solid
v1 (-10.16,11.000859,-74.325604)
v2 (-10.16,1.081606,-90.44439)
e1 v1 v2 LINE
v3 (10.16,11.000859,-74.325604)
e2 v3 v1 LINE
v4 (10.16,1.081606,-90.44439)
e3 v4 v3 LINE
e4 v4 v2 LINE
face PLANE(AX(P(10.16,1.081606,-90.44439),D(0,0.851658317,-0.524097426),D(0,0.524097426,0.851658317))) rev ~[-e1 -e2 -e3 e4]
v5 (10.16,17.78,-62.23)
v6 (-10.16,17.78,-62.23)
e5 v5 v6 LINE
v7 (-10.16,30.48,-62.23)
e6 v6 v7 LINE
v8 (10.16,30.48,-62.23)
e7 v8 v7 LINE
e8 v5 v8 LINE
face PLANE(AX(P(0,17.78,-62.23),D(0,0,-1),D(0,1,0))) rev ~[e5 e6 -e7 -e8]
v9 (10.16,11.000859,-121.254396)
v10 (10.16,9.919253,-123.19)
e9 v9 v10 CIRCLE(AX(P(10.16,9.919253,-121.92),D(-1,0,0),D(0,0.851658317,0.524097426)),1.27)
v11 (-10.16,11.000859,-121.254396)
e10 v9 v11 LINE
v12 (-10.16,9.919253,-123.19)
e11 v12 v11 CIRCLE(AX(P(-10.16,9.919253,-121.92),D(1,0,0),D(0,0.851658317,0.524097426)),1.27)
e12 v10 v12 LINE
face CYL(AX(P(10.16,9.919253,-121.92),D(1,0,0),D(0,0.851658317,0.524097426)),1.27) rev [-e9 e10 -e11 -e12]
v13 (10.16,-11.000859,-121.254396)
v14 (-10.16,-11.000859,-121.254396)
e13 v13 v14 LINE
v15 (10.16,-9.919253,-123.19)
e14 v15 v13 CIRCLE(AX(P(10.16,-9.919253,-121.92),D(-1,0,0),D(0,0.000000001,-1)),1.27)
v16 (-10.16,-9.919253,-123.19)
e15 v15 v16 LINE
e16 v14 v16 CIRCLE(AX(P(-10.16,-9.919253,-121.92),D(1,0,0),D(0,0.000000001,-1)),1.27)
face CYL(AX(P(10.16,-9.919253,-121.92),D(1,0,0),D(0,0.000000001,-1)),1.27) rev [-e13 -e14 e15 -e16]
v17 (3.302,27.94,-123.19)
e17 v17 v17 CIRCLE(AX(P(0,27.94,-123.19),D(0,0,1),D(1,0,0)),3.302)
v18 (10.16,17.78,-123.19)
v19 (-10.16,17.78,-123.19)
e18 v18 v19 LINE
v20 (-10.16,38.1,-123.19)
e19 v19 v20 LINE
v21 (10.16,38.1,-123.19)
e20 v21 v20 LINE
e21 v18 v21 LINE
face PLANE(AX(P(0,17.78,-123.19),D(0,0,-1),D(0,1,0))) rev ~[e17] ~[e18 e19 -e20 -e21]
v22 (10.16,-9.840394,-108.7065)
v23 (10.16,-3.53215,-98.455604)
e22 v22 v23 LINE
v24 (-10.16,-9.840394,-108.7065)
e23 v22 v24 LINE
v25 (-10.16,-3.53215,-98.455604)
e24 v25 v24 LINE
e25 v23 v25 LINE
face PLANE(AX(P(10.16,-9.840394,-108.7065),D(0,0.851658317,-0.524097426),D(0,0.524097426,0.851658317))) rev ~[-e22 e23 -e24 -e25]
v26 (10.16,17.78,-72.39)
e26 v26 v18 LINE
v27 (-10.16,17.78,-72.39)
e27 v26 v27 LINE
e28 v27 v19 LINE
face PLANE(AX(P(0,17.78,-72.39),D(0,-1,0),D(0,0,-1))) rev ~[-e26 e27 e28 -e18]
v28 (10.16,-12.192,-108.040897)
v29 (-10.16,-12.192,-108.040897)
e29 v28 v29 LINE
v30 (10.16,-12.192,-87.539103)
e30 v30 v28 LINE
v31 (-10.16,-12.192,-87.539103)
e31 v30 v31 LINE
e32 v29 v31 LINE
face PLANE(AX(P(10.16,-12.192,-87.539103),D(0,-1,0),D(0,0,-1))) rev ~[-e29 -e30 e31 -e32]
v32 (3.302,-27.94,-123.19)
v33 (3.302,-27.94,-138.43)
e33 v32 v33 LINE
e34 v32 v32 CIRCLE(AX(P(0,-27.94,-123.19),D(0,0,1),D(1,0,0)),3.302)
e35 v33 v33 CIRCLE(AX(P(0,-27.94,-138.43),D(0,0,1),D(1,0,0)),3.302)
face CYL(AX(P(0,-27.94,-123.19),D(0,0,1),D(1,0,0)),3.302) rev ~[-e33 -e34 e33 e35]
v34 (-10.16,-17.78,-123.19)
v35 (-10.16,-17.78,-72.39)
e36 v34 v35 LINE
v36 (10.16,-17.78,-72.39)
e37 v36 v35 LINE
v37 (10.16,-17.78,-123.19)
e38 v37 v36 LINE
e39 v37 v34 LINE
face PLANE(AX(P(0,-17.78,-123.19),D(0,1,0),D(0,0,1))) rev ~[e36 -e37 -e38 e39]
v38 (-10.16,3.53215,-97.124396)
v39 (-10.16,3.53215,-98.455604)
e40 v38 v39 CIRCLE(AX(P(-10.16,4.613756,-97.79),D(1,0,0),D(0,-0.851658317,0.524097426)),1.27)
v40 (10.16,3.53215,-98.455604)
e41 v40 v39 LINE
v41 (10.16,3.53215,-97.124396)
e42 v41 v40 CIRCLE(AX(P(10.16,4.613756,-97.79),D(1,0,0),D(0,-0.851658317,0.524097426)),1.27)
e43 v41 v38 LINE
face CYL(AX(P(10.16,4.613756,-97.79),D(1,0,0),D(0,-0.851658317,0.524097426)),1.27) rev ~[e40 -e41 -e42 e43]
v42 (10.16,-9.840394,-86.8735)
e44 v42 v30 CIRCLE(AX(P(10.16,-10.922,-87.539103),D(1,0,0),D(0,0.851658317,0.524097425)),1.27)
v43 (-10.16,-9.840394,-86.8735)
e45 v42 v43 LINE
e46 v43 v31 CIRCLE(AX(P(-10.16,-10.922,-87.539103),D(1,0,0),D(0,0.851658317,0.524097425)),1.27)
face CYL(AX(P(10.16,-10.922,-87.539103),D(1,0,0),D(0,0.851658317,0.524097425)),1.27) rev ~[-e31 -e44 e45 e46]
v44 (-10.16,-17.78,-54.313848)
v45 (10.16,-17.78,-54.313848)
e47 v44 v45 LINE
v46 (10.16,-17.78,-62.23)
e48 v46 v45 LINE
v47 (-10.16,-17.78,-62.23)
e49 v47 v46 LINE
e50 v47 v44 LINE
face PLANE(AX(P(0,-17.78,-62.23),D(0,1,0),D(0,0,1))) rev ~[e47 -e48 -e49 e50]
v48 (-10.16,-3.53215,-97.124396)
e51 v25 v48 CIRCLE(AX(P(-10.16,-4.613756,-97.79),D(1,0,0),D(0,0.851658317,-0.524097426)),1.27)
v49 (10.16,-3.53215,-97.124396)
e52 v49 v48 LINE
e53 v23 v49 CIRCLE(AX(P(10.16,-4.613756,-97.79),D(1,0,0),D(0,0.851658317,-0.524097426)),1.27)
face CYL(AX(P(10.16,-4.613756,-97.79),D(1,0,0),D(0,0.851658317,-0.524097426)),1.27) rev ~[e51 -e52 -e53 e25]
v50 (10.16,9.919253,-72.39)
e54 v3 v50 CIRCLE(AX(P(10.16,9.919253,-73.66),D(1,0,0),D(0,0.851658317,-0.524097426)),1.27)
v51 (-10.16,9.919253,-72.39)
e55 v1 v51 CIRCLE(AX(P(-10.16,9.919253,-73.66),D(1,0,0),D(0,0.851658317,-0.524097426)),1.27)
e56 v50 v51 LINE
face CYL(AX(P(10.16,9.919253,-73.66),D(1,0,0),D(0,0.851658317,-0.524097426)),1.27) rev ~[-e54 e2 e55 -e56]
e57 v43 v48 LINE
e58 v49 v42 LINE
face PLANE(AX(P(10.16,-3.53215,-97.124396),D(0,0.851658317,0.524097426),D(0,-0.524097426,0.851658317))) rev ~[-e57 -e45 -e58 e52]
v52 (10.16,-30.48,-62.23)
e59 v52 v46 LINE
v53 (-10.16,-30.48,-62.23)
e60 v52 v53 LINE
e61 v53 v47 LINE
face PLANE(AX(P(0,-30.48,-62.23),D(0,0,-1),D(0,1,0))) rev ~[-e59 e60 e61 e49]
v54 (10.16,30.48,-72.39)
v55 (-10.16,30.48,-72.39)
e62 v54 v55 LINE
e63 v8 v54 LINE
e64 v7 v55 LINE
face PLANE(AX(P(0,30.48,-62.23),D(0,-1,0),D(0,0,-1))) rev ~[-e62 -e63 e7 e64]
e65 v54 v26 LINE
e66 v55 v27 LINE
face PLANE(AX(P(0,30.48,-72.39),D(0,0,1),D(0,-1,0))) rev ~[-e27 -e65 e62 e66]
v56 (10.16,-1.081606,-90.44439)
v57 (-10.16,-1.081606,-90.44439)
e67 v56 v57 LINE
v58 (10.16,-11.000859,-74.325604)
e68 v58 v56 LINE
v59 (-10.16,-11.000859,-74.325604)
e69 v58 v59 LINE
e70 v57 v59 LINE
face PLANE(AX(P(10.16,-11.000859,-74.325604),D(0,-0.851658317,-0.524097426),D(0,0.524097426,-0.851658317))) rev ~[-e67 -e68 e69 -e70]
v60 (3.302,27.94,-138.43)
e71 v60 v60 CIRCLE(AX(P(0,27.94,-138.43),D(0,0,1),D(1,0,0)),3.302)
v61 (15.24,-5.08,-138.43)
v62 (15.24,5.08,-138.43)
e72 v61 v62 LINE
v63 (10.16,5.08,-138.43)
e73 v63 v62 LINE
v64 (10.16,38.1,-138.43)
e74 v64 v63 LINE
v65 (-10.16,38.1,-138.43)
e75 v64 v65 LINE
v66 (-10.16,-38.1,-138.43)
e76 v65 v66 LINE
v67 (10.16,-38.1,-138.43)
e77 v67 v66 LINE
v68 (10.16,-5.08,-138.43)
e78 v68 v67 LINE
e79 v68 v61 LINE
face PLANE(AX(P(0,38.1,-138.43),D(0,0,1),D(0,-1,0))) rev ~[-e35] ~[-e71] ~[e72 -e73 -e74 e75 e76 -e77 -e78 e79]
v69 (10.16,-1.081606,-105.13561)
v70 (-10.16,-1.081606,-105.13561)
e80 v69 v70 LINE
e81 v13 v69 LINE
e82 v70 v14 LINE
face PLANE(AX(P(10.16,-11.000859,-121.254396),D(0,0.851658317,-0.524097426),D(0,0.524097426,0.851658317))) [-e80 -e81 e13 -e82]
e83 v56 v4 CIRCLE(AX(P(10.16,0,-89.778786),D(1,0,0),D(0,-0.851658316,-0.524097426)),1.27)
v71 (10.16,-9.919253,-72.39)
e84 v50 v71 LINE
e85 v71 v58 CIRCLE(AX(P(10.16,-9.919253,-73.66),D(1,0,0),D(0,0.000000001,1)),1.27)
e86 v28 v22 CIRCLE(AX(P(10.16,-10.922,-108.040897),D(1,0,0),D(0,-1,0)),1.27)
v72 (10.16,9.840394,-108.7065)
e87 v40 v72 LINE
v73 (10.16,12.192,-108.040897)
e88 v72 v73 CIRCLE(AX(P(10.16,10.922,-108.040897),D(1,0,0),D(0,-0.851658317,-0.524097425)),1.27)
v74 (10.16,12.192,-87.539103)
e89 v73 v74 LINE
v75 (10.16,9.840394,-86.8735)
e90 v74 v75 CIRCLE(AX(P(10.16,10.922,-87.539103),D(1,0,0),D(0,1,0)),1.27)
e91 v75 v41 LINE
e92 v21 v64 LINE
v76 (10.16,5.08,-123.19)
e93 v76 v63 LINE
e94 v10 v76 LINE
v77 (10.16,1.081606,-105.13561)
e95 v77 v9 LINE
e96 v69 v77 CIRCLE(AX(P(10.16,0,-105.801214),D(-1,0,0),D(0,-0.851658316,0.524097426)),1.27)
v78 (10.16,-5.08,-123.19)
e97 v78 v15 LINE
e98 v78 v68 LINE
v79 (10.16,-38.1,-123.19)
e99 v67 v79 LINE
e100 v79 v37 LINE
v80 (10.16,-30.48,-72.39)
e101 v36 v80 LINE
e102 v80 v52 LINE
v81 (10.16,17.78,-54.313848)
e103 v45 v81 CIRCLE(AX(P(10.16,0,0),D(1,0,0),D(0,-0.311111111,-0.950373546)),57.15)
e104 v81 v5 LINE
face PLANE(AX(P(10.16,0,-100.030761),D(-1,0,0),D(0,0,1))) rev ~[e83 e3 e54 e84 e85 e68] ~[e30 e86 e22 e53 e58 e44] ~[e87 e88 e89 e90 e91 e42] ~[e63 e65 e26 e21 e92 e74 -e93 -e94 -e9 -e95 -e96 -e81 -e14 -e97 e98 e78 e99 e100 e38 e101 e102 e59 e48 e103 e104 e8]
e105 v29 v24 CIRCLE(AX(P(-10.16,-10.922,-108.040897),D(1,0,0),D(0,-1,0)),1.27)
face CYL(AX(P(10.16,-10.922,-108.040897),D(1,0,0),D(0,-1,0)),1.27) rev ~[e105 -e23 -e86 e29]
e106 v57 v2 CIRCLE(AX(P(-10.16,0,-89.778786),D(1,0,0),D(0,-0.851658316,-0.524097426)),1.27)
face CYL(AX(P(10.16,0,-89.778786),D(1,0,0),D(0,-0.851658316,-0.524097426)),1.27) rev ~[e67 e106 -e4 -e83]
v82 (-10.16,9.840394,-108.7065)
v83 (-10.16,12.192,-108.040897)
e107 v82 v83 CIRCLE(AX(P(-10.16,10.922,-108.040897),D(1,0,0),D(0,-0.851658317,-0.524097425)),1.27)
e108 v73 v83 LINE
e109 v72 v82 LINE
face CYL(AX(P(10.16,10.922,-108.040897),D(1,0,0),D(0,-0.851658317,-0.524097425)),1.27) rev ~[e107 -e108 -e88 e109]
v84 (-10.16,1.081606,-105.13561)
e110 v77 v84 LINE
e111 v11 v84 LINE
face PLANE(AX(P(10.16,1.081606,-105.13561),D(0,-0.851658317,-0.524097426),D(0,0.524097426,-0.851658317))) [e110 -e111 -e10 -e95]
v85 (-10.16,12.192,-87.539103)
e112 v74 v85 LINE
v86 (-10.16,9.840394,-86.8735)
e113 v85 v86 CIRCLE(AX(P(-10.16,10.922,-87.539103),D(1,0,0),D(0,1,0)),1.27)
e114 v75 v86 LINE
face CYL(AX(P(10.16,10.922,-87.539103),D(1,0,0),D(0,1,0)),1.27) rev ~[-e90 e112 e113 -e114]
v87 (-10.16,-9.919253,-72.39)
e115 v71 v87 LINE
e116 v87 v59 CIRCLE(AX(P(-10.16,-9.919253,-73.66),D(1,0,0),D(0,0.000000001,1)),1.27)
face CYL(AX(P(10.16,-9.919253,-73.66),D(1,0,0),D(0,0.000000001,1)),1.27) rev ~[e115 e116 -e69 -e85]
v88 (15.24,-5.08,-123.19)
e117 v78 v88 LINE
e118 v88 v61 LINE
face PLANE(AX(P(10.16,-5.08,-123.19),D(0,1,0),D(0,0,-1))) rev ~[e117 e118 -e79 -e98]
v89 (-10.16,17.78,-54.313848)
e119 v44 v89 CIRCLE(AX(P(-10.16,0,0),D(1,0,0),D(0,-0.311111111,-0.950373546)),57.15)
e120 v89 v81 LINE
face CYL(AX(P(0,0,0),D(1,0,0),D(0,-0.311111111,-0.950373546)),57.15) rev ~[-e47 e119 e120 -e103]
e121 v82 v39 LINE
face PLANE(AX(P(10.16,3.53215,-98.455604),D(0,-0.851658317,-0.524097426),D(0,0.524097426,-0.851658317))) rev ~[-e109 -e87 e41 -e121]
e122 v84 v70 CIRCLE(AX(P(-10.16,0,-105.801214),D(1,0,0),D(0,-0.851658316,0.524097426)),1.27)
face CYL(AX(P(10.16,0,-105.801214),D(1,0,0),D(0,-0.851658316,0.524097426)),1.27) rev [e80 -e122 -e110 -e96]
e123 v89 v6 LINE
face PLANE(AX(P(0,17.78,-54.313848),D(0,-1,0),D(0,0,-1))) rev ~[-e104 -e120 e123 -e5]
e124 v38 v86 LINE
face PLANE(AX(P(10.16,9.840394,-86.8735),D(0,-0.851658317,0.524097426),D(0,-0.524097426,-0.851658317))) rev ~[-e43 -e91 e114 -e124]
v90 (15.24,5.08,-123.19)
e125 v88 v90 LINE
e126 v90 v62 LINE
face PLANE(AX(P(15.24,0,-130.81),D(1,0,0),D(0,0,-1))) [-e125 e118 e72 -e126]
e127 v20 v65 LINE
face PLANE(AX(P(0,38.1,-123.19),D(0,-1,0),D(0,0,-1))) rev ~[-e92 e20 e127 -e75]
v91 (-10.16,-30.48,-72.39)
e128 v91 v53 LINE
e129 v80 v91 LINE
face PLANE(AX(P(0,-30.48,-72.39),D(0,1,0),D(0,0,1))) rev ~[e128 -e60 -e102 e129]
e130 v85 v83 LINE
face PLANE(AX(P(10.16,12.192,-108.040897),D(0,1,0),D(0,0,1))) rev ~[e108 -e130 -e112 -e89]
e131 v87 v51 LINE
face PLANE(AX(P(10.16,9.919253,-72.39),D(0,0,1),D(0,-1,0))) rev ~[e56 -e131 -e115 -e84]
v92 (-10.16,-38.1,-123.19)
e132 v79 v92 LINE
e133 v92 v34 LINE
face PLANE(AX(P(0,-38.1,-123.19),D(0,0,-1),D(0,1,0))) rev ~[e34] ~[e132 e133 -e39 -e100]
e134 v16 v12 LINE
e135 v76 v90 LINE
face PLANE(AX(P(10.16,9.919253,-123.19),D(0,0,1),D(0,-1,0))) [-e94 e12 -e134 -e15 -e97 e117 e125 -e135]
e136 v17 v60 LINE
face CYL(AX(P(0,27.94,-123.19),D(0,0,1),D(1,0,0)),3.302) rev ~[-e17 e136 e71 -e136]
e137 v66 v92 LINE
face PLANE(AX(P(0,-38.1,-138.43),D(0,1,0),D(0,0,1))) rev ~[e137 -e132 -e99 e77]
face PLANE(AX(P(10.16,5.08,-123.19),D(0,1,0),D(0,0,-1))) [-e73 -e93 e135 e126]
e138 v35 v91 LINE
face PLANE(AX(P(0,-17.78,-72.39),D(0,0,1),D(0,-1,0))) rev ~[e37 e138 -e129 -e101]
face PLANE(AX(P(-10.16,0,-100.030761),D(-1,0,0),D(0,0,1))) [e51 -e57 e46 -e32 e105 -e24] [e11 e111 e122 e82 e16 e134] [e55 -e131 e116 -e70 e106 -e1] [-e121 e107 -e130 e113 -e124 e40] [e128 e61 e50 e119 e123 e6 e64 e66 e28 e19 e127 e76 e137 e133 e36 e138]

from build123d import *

# Parameters (mm, degrees)
BOSS_EXTRUDE1_DEPTH = 10.16
CUT_EXTRUDE1_DEPTH  = 21.32
SKETCH3_R           = 3.302
CUT_EXTRUDE2_DEPTH  = 16.24
SKETCH4_W           = 15.24
SKETCH4_H           = 10.16
BOSS_EXTRUDE2_DEPTH = 5.08


with BuildPart() as part:
    # Sketch1 → Boss-Extrude1 (new body, symmetric)
    with BuildSketch(Plane(origin=(0, 0, 0), x_dir=(0, 0, -1), z_dir=(1, 0, 0))):
        with BuildLine():
            Line((54.313848142, 17.78), (62.23, 17.78))
            Line((62.23, 17.78), (62.23, 30.48))
            Line((62.23, 30.48), (72.39, 30.48))
            Line((72.39, 30.48), (72.39, 17.78))
            Line((72.39, 17.78), (123.19, 17.78))
            Line((123.19, 17.78), (123.19, 38.1))
            Line((123.19, 38.1), (138.43, 38.1))
            Line((138.43, 38.1), (138.43, -38.1))
            Line((138.43, -38.1), (123.19, -38.1))
            Line((123.19, -38.1), (123.19, -17.78))
            Line((123.19, -17.78), (72.39, -17.78))
            Line((72.39, -17.78), (72.39, -30.48))
            Line((72.39, -30.48), (62.23, -30.48))
            Line((62.23, -30.48), (62.23, -17.78))
            Line((62.23, -17.78), (54.313848142, -17.78))
            ThreePointArc((54.313848142, -17.78), (57.15, 0), (54.313848142, 17.78))
        make_face()
    extrude(amount=BOSS_EXTRUDE1_DEPTH, both=True)

    # Sketch2 → Cut-Extrude1 (cut, through all)
    with BuildSketch(Plane(origin=(10.16, 0, 0), x_dir=(0, 0, -1), z_dir=(1, 0, 0))):
        with BuildLine():
            Line((72.39, 9.91925318), (72.39, -9.91925318))
            ThreePointArc((72.39, -9.91925318), (73.040490814, -11.02790478), (74.325603731, -11.000859243))
            Line((74.325603731, -11.000859243), (90.444390149, -1.081606062))
            ThreePointArc((90.444390149, -1.081606062), (91.048786418, 0), (90.444390149, 1.081606062))
            Line((90.444390149, 1.081606062), (74.325603731, 11.000859243))
            ThreePointArc((74.325603731, 11.000859243), (73.040490814, 11.02790478), (72.39, 9.91925318))
        make_face()
        with BuildLine():
            Line((123.19, 9.91925318), (123.19, -9.91925318))
            ThreePointArc((123.19, -9.91925318), (122.539509186, -11.02790478), (121.254396269, -11.000859243))
            Line((121.254396269, -11.000859243), (105.135609851, -1.081606062))
            ThreePointArc((105.135609851, -1.081606062), (104.531213582, 0), (105.135609851, 1.081606062))
            Line((105.135609851, 1.081606062), (121.254396269, 11.000859243))
            ThreePointArc((121.254396269, 11.000859243), (122.539509186, 11.02790478), (123.19, 9.91925318))
        make_face()
        with BuildLine():
            Line((86.873499611, 9.840393938), (97.124396269, 3.53214984))
            ThreePointArc((97.124396269, 3.53214984), (97.79, 3.343755902), (98.455603731, 3.53214984))
            Line((98.455603731, 3.53214984), (108.706500389, 9.840393938))
            ThreePointArc((108.706500389, 9.840393938), (109.262890869, 11.267875918), (108.040896659, 12.192))
            Line((108.040896659, 12.192), (87.539103341, 12.192))
            ThreePointArc((87.539103341, 12.192), (86.317109131, 11.267875918), (86.873499611, 9.840393938))
        make_face()
        with BuildLine():
            Line((87.539103341, -12.192), (108.040896659, -12.192))
            ThreePointArc((108.040896659, -12.192), (109.262890869, -11.267875918), (108.706500389, -9.840393938))
            Line((108.706500389, -9.840393938), (98.455603731, -3.53214984))
            ThreePointArc((98.455603731, -3.53214984), (97.79, -3.343755902), (97.124396269, -3.53214984))
            Line((97.124396269, -3.53214984), (86.873499611, -9.840393938))
            ThreePointArc((86.873499611, -9.840393938), (86.317109131, -11.267875918), (87.539103341, -12.192))
        make_face()
    extrude(amount=-CUT_EXTRUDE1_DEPTH, mode=Mode.SUBTRACT)

    # Sketch3 → Cut-Extrude2 (cut, through all)
    with BuildSketch(Plane.XY.offset(-123.19)):
        with Locations((0, 27.94)):
            Circle(SKETCH3_R)
        with Locations((0, -27.94)):
            Circle(SKETCH3_R)
    extrude(amount=-CUT_EXTRUDE2_DEPTH, mode=Mode.SUBTRACT)

    # Sketch4 → Boss-Extrude2 (add)
    with BuildSketch(Plane(origin=(10.16, 0, 0), x_dir=(0, 0, -1), z_dir=(1, 0, 0))):
        with Locations((130.81, 0)):
            Rectangle(SKETCH4_W, SKETCH4_H)
    extrude(amount=BOSS_EXTRUDE2_DEPTH)


solid = part.part
